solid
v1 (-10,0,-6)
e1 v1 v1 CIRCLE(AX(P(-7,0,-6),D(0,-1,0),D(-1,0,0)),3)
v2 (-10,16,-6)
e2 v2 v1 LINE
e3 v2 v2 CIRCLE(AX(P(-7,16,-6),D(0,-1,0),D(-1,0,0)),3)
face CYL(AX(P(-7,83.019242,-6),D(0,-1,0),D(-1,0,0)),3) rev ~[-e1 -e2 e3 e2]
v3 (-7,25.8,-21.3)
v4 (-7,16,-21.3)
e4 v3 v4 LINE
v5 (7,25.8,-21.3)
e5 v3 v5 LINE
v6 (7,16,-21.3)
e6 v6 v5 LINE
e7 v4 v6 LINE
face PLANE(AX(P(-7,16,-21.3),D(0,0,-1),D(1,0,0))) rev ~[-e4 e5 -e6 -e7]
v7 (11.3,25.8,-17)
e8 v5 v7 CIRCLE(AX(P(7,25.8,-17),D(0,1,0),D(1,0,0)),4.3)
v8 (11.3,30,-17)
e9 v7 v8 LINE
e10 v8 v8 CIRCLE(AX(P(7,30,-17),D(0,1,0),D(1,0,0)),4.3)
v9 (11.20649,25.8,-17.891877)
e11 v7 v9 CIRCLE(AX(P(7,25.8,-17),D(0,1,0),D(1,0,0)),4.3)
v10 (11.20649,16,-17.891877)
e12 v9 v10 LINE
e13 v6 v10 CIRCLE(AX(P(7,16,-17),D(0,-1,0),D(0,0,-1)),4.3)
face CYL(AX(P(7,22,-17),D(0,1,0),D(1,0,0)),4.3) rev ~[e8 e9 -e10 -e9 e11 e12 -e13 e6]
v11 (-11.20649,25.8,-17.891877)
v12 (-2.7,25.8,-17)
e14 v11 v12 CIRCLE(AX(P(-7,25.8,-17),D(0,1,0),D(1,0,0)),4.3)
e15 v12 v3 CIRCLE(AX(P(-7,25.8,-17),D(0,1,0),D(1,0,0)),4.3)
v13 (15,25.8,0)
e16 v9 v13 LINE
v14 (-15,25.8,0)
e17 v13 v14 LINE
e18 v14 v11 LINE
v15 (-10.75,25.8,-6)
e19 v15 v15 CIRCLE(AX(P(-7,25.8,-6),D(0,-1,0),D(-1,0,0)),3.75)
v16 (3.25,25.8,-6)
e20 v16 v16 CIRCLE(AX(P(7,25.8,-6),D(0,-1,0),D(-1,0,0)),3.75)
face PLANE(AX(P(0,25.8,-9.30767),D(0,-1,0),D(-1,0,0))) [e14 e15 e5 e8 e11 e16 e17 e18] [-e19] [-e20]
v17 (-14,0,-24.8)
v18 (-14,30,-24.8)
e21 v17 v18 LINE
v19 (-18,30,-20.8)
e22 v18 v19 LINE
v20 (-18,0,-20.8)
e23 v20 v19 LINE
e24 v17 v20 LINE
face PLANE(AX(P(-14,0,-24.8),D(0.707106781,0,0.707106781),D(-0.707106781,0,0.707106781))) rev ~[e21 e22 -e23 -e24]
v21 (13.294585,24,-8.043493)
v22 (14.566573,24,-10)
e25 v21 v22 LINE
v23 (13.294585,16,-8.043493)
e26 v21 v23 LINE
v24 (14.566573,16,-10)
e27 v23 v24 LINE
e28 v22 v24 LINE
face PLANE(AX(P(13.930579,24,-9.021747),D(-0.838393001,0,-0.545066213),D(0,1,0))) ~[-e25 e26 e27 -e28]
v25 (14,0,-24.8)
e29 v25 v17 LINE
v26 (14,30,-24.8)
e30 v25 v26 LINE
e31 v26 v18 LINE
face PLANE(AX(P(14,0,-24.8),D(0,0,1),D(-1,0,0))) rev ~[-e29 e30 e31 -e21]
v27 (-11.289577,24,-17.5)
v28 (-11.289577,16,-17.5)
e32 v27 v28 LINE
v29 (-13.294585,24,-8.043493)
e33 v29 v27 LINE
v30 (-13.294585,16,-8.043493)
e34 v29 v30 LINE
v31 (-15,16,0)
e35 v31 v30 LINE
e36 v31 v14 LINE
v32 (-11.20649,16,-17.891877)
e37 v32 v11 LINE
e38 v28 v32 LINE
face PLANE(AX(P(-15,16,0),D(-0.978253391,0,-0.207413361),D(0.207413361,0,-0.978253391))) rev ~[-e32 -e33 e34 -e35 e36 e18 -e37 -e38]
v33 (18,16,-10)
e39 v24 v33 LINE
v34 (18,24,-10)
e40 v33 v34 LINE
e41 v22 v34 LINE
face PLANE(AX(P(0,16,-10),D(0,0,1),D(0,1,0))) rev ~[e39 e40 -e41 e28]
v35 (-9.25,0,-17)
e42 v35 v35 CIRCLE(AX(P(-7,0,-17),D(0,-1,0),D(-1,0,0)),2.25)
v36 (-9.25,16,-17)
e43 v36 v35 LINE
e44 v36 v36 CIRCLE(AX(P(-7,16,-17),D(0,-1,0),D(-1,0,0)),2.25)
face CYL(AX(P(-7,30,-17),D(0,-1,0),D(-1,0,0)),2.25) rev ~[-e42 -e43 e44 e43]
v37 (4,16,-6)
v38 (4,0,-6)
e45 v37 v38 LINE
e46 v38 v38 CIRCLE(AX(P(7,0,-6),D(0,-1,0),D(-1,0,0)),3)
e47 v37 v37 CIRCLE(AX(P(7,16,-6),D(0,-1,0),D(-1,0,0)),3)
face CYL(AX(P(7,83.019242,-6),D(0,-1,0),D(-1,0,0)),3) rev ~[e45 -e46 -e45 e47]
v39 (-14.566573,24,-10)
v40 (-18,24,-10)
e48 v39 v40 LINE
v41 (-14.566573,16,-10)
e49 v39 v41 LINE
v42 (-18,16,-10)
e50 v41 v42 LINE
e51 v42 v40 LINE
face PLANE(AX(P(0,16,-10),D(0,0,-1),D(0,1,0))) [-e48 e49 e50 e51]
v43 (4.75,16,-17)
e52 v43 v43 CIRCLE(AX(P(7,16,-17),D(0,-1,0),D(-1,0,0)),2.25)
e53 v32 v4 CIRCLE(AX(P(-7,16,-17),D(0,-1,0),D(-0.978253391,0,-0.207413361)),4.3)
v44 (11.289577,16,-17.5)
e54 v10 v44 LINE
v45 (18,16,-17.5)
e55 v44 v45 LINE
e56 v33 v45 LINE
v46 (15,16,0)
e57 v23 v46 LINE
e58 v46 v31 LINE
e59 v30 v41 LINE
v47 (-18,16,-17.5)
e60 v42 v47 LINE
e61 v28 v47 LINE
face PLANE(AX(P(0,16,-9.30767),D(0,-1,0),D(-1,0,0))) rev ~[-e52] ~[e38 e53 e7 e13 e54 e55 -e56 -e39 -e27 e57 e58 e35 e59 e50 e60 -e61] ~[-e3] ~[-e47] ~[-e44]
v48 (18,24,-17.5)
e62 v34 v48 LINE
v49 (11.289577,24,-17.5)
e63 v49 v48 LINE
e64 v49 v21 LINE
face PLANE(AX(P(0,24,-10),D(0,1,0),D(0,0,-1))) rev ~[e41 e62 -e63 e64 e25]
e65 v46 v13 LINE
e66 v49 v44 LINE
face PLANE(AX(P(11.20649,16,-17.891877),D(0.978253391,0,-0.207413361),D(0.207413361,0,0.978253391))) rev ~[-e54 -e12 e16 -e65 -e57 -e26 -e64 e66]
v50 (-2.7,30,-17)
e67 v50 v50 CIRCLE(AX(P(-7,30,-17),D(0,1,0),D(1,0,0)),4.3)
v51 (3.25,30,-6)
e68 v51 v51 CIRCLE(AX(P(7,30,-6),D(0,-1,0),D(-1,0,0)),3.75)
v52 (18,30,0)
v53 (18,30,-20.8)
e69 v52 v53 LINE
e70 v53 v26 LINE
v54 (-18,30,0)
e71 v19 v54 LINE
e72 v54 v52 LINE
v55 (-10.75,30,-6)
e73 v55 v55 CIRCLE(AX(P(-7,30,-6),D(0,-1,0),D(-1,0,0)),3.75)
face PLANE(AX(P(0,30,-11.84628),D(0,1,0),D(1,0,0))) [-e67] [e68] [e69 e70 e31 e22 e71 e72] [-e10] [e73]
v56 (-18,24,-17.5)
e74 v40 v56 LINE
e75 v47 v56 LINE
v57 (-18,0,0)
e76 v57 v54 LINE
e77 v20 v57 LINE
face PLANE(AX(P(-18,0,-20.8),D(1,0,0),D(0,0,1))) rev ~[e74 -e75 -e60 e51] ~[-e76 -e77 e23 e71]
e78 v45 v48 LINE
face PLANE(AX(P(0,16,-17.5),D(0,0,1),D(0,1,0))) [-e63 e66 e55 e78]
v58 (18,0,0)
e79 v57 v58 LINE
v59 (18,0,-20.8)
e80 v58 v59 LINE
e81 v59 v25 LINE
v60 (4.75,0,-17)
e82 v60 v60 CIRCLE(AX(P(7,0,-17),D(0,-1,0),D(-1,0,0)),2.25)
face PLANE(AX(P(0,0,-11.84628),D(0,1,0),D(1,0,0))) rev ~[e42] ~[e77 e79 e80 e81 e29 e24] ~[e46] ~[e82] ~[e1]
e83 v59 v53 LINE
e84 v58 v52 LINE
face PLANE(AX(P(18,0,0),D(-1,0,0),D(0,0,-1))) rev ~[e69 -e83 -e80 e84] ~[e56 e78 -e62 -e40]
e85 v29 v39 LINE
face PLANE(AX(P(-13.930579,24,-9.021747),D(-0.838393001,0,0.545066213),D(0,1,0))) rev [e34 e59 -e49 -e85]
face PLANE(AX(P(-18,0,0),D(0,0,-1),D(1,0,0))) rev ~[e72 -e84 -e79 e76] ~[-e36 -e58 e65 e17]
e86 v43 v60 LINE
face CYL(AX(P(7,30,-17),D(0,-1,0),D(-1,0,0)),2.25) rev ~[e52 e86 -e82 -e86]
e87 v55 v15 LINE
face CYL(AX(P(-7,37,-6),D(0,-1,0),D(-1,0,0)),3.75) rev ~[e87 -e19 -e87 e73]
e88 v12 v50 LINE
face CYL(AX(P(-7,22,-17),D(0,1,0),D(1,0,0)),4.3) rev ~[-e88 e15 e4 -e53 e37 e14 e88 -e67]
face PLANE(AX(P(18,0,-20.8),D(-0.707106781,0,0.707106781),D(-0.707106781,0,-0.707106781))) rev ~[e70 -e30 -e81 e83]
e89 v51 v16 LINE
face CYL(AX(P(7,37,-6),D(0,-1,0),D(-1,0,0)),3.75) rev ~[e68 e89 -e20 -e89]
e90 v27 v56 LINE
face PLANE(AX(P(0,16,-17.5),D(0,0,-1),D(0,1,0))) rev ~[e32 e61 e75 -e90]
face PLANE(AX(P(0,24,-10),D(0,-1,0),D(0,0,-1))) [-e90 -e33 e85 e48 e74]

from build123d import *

# Parameters (mm, degrees)
BOSS_EXTRUDE1_DEPTH             = 30
CUT_EXTRUDE2_DEPTH              = 9.8
CBORE_FOR_M4_SBHCS1_D           = 4.5
CBORE_FOR_M4_SBHCS1_CBORE_D     = 8.6
CBORE_FOR_M4_SBHCS1_CBORE_DEPTH = 8
F_6_0_6_DIAMETER_HOLE1_D        = 6
SKETCH9_W                       = 7.5
SKETCH9_H                       = 8
CUT_EXTRUDE3_DEPTH              = 19
CUT_EXTRUDE3_DEPTH_BACK         = 19
CHAMFER1_SIZE2                  = 1.68681461
CHAMFER1_SIZE                   = 2
CHAMFER1_EDGE_2_SIZE2           = 1.68681461
CHAMFER1_EDGE_2_SIZE            = 2
F_7_5_7_5_DIAMETER_HOLE1_D      = 7.5
F_7_5_7_5_DIAMETER_HOLE1_DEPTH  = 7
F_7_5_7_5_DIAMETER_HOLE1_TIP    = 2.253227321


with BuildPart() as part:
    # Sketch1 → Boss-Extrude1 (new body)
    with BuildSketch(Plane(origin=(0, 0, 0), x_dir=(1, 0, 0), z_dir=(0, 1, 0))):
        Polygon((-18, 0), (18, 0), (18, 20.8), (14, 24.8), (-14, 24.8), (-18, 20.8), align=None)
    extrude(amount=BOSS_EXTRUDE1_DEPTH)

    # Sketch7 → Cut-Extrude2 (cut)
    with BuildSketch(Plane(origin=(0, 16, 0), x_dir=(1, 0, 0), z_dir=(0, 1, 0))):
        with BuildLine():
            Line((-7, 21.3), (7, 21.3))
            ThreePointArc((7, 21.3), (9.706928791, 20.34103824), (11.206489583, 17.891877451))
            Line((11.206489583, 17.891877451), (15, 0))
            Line((15, 0), (-15, 0))
            Line((-15, 0), (-11.206489583, 17.891877451))
            ThreePointArc((-11.206489583, 17.891877451), (-9.706928791, 20.34103824), (-7, 21.3))
        make_face()
    extrude(amount=CUT_EXTRUDE2_DEPTH, mode=Mode.SUBTRACT)

    # CBORE for M4 SBHCS1 (through all)
    with Locations(Plane(origin=(0, 30, 0), x_dir=(1, 0, 0), z_dir=(0, 1, 0))):
        with Locations((-7, 17), (7, 17)):
            CounterBoreHole(CBORE_FOR_M4_SBHCS1_D / 2, CBORE_FOR_M4_SBHCS1_CBORE_D / 2, CBORE_FOR_M4_SBHCS1_CBORE_DEPTH)

    # Ø6.0 (6) Diameter Hole1 (through all)
    with Locations(Plane(origin=(0, 30, 0), x_dir=(1, 0, 0), z_dir=(0, 1, 0))):
        with Locations((-7, 6), (7, 6)):
            Hole(F_6_0_6_DIAMETER_HOLE1_D / 2)

    # Sketch9 → Cut-Extrude3 (cut, two sides)
    with BuildSketch(Plane(origin=(0, 0, 0), x_dir=(0, 0, -1), z_dir=(1, 0, 0))) as cut_extrude3_sk:
        with Locations((13.75, 20)):
            Rectangle(SKETCH9_W, SKETCH9_H)
    extrude(amount=CUT_EXTRUDE3_DEPTH, mode=Mode.SUBTRACT)
    extrude(cut_extrude3_sk.sketch, amount=-CUT_EXTRUDE3_DEPTH_BACK, mode=Mode.SUBTRACT)

    # Chamfer1
    chamfer1_edges = [part.edges().sort_by_distance(p)[0] for p in [
        (-12.879758328, 20, -10),
    ]]
    chamfer(chamfer1_edges, length=CHAMFER1_SIZE, length2=CHAMFER1_SIZE2)

    # Chamfer1 edge 2
    chamfer1_edge_2_edges = [part.edges().sort_by_distance(p)[0] for p in [
        (12.879758328, 20, -10),
    ]]
    chamfer(chamfer1_edge_2_edges, length=CHAMFER1_EDGE_2_SIZE, length2=CHAMFER1_EDGE_2_SIZE2)

    # Ø7.5 (7.5) Diameter Hole1
    with Locations(Plane(origin=(0, 30, 0), x_dir=(1, 0, 0), z_dir=(0, 1, 0))):
        with Locations((-7, 6), (7, 6)):
            Hole(F_7_5_7_5_DIAMETER_HOLE1_D / 2, depth=F_7_5_7_5_DIAMETER_HOLE1_DEPTH)
            with Locations((0, 0, -(F_7_5_7_5_DIAMETER_HOLE1_DEPTH + F_7_5_7_5_DIAMETER_HOLE1_TIP / 2))):  # 118° drill point
                Cone(0, F_7_5_7_5_DIAMETER_HOLE1_D / 2, F_7_5_7_5_DIAMETER_HOLE1_TIP, mode=Mode.SUBTRACT)


solid = part.part
